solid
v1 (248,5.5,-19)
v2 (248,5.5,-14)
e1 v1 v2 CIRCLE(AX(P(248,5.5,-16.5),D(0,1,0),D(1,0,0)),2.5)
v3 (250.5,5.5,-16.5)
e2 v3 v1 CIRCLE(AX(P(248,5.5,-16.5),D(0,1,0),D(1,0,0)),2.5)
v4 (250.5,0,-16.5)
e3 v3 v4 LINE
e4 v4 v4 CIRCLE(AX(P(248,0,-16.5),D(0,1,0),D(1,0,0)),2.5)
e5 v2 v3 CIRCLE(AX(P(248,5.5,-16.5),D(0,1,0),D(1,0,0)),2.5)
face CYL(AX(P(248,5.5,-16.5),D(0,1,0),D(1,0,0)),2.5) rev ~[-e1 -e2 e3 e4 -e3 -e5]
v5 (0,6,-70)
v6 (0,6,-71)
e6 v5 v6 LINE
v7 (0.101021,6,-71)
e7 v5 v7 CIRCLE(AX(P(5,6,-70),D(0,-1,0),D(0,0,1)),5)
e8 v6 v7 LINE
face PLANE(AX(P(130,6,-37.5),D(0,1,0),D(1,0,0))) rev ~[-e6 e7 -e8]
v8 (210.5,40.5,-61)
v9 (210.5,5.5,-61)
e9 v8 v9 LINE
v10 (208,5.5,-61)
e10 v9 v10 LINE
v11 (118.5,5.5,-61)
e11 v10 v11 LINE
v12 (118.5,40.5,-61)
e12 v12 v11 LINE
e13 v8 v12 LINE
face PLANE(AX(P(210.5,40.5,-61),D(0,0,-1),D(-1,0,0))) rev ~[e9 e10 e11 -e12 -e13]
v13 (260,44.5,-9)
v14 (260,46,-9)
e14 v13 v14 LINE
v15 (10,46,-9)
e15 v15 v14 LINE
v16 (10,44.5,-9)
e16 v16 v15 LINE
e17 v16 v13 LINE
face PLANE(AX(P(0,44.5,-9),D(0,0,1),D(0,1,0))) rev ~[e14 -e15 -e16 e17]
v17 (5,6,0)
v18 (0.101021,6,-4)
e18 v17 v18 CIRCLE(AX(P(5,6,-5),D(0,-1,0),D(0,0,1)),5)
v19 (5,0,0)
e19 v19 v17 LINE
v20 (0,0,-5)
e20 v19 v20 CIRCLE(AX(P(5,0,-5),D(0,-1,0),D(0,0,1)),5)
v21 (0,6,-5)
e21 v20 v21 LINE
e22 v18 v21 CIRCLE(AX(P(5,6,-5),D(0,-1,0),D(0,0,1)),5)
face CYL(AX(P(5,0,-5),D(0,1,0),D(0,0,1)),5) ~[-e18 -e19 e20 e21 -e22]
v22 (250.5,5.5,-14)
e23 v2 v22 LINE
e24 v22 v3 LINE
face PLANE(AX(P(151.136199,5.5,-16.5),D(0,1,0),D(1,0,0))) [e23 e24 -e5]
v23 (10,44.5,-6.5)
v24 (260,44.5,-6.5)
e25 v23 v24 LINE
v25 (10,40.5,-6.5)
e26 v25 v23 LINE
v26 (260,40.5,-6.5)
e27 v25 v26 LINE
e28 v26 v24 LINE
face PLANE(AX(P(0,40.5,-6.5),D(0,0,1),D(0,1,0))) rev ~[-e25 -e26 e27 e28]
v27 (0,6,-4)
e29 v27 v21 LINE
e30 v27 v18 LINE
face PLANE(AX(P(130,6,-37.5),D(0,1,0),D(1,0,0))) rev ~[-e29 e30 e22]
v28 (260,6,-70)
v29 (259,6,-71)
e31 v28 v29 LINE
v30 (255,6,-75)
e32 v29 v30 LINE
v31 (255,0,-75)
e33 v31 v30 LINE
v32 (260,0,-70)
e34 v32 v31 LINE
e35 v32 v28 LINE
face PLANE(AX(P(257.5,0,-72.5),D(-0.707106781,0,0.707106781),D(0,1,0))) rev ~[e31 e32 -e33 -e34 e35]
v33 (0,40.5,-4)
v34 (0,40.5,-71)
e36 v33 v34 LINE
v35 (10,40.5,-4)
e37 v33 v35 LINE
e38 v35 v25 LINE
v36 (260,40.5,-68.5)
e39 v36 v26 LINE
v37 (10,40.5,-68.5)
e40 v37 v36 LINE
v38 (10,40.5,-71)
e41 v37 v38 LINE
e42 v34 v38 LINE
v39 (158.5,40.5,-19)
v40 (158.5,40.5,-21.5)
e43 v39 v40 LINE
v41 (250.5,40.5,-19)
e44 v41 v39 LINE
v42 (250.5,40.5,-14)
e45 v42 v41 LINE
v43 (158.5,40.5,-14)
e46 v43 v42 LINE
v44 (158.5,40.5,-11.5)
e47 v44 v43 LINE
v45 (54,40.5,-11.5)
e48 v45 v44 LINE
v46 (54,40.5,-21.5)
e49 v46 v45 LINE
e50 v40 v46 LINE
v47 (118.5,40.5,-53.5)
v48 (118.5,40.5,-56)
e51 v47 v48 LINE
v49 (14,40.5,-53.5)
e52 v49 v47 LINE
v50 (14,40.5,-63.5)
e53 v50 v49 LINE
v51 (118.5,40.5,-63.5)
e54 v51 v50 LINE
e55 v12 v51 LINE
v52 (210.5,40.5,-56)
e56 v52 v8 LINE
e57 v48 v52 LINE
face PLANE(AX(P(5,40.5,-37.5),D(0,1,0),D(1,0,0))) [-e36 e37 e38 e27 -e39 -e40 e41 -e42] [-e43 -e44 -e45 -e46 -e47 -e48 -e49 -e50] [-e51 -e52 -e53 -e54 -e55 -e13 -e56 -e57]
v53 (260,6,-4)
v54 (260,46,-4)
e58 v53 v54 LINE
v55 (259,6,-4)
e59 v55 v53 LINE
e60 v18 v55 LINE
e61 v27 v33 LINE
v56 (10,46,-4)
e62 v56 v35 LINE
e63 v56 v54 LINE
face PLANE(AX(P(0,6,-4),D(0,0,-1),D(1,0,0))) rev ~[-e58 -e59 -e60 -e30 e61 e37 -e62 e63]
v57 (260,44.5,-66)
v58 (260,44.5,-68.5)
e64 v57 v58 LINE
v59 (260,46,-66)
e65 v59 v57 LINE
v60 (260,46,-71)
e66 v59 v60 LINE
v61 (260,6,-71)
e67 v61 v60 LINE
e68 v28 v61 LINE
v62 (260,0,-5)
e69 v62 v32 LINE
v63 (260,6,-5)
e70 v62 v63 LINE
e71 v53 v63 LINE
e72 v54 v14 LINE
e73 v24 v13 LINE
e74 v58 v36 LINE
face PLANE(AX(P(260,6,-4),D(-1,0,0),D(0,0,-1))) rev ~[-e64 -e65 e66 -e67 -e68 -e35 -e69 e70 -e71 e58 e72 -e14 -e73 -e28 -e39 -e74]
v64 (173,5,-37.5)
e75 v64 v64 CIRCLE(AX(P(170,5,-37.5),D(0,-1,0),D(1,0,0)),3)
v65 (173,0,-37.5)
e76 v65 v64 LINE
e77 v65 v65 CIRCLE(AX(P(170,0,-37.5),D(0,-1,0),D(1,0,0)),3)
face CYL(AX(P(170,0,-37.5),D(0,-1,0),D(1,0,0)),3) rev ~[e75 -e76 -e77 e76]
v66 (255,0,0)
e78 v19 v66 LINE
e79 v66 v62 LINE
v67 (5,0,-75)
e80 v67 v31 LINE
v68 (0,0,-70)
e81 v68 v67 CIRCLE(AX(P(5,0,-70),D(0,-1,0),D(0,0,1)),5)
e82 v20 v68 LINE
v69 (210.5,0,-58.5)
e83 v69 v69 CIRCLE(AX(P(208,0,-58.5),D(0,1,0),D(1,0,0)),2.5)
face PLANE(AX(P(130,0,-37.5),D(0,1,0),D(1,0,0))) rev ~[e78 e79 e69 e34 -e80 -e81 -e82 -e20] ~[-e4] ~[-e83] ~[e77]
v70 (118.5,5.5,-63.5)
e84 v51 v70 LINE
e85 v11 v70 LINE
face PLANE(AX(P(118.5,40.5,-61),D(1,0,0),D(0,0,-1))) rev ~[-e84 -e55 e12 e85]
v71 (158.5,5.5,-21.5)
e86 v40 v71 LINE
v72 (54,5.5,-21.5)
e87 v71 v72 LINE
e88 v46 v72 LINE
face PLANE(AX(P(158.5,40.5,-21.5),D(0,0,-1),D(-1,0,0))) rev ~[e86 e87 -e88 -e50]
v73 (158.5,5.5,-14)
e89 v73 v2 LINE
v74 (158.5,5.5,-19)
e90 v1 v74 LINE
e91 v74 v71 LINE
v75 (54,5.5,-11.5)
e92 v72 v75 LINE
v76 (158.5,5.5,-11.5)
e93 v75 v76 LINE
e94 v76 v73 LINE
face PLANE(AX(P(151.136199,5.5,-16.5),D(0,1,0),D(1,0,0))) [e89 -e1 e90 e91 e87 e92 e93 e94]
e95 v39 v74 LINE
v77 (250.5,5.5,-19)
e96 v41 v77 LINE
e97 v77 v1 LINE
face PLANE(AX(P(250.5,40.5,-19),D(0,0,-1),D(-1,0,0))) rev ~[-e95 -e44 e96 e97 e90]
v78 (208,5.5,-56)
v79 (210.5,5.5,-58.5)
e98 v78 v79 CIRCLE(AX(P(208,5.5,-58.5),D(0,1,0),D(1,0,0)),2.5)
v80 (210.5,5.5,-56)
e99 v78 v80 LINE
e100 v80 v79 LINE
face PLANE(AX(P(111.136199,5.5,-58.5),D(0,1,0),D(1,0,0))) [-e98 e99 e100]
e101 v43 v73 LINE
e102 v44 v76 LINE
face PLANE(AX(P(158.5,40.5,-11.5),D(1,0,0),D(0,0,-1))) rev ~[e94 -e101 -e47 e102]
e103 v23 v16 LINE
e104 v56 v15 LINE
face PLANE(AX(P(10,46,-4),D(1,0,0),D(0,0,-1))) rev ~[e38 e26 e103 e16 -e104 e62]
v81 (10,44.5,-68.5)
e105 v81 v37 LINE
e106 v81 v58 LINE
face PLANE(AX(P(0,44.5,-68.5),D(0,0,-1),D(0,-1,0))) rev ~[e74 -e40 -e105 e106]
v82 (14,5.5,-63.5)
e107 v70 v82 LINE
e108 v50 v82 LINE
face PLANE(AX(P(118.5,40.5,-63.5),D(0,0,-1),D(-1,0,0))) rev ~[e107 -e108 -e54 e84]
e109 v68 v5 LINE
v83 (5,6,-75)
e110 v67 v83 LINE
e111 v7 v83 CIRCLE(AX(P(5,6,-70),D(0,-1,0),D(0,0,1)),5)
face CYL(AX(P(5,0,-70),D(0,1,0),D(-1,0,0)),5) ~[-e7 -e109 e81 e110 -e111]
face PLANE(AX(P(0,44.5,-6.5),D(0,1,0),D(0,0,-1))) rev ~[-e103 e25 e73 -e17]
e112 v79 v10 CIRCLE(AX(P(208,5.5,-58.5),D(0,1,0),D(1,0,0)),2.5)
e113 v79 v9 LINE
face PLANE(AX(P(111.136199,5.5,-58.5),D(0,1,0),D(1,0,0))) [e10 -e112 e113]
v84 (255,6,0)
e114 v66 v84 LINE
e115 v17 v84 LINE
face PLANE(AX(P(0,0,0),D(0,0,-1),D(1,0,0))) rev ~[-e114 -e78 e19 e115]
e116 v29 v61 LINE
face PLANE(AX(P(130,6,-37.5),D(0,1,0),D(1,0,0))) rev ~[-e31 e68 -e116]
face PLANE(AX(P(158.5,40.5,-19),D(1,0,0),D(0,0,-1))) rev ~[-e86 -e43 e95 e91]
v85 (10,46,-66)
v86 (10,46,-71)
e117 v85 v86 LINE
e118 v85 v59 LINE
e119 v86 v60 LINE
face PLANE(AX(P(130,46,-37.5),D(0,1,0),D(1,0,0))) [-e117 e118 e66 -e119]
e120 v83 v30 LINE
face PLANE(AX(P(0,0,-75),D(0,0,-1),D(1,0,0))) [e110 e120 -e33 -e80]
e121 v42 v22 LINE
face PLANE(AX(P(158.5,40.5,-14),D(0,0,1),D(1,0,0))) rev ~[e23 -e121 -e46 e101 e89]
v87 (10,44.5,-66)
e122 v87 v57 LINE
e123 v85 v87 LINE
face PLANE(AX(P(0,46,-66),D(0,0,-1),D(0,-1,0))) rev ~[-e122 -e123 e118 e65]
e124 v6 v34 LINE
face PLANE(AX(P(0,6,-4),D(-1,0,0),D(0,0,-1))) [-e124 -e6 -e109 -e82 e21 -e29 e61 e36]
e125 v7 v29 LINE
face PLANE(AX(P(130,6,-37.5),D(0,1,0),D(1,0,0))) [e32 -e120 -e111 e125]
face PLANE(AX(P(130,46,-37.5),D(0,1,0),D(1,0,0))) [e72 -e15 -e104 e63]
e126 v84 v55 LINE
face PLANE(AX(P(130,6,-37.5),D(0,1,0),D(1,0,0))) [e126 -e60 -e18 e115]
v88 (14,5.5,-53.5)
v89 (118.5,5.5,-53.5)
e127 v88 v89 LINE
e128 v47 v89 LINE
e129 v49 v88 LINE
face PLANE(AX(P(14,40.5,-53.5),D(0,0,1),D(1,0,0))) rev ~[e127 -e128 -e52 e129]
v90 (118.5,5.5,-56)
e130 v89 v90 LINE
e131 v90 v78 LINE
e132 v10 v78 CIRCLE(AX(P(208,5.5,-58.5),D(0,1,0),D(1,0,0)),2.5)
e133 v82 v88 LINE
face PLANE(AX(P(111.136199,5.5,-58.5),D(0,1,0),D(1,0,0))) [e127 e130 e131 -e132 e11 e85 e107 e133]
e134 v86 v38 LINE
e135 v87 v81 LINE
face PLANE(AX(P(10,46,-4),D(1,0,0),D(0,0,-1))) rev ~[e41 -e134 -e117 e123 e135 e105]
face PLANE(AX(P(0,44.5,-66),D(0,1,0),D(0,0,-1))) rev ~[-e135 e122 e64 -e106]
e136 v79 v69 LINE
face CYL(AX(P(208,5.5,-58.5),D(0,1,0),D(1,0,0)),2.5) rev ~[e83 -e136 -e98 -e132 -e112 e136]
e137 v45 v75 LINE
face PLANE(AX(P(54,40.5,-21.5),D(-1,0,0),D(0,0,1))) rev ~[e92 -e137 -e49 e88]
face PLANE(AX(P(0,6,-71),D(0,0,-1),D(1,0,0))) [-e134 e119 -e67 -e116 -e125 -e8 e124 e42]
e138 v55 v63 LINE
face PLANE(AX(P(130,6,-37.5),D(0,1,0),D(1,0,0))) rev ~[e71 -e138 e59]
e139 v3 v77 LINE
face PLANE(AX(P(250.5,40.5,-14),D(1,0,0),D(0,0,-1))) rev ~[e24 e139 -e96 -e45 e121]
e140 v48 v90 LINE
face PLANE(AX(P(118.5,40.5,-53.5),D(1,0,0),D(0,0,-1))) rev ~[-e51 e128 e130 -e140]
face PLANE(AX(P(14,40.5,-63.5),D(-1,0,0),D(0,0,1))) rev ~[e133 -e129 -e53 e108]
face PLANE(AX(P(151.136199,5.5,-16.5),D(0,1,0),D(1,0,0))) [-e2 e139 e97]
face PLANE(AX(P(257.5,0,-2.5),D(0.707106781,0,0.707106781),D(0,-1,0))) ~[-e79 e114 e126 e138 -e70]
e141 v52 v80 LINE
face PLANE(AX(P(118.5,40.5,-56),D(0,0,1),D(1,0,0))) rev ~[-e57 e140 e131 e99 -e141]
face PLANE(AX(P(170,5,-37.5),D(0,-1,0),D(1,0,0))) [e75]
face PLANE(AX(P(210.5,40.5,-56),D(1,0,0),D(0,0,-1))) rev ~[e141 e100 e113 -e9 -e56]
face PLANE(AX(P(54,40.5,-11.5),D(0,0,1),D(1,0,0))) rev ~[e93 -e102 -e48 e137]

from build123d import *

# Parameters (mm, degrees)
SKETCH1_W           = 260
SKETCH1_H           = 75
BOSS_EXTRUDE1_DEPTH = 6
CHAMFER1_SIZE       = 5
FILLET1_R           = 5
SKETCH2_W           = 260
SKETCH2_H           = 67
BOSS_EXTRUDE2_DEPTH = 40
CUT_EXTRUDE1_DEPTH  = 261
SKETCH4_W           = 10
SKETCH4_H           = 67
CUT_EXTRUDE3_DEPTH  = 5.5
CUT_EXTRUDE4_DEPTH  = 35
SKETCH6_R           = 2.5
CUT_EXTRUDE5_DEPTH  = 6.5
SKETCH7_R           = 3
CUT_EXTRUDE6_DEPTH  = 5


with BuildPart() as part:
    # Sketch1 → Boss-Extrude1 (new body)
    with BuildSketch(Plane(origin=(0, 0, 0), x_dir=(1, 0, 0), z_dir=(0, 1, 0))):
        with Locations((130, 37.5)):
            Rectangle(SKETCH1_W, SKETCH1_H)
    extrude(amount=BOSS_EXTRUDE1_DEPTH)

    # Chamfer1
    chamfer1_edges = [part.edges().sort_by_distance(p)[0] for p in [
        (260, 3, -75),
        (260, 3, 0),
    ]]
    chamfer(chamfer1_edges, length=CHAMFER1_SIZE)

    # Fillet1
    fillet1_edges = [part.edges().sort_by_distance(p)[0] for p in [
        (0, 3, -75),
        (0, 3, 0),
    ]]
    fillet(fillet1_edges, radius=FILLET1_R)

    # Sketch2 → Boss-Extrude2 (add)
    with BuildSketch(Plane(origin=(0, 6, 0), x_dir=(1, 0, 0), z_dir=(0, 1, 0))):
        with Locations((130, 37.5)):
            Rectangle(SKETCH2_W, SKETCH2_H)
    extrude(amount=BOSS_EXTRUDE2_DEPTH)

    # Sketch3 → Cut-Extrude1 (cut, through all)
    with BuildSketch(Plane.ZY):
        Polygon((-66, 46), (-66, 44.5), (-68.5, 44.5), (-68.5, 40.5), (-6.5, 40.5), (-6.5, 44.5), (-9, 44.5), (-9, 46), align=None)
    extrude(amount=-CUT_EXTRUDE1_DEPTH, mode=Mode.SUBTRACT)

    # Sketch4 → Cut-Extrude3 (cut)
    with BuildSketch(Plane(origin=(0, 46, 0), x_dir=(1, 0, 0), z_dir=(0, 1, 0))):
        with Locations((5, 37.5)):
            Rectangle(SKETCH4_W, SKETCH4_H)
    extrude(amount=-CUT_EXTRUDE3_DEPTH, mode=Mode.SUBTRACT)

    # Sketch5 → Cut-Extrude4 (cut)
    with BuildSketch(Plane(origin=(0, 40.5, 0), x_dir=(1, 0, 0), z_dir=(0, 1, 0))):
        Polygon((14, 63.5), (14, 53.5), (118.5, 53.5), (118.5, 56), (210.5, 56), (210.5, 61), (118.5, 61), (118.5, 63.5), align=None)
        Polygon((54, 21.5), (54, 11.5), (158.5, 11.5), (158.5, 14), (250.5, 14), (250.5, 19), (158.5, 19), (158.5, 21.5), align=None)
    extrude(amount=-CUT_EXTRUDE4_DEPTH, mode=Mode.SUBTRACT)

    # Sketch6 → Cut-Extrude5 (cut, through all)
    with BuildSketch(Plane(origin=(0, 5.5, 0), x_dir=(1, 0, 0), z_dir=(0, 1, 0))):
        with Locations((208, 58.5)):
            Circle(SKETCH6_R)
        with Locations((248, 16.5)):
            Circle(SKETCH6_R)
    extrude(amount=-CUT_EXTRUDE5_DEPTH, mode=Mode.SUBTRACT)

    # Sketch7 → Cut-Extrude6 (cut)
    with BuildSketch(Plane.XZ):
        with Locations((170, -37.5)):
            Circle(SKETCH7_R)
    extrude(amount=-CUT_EXTRUDE6_DEPTH, mode=Mode.SUBTRACT)


solid = part.part
